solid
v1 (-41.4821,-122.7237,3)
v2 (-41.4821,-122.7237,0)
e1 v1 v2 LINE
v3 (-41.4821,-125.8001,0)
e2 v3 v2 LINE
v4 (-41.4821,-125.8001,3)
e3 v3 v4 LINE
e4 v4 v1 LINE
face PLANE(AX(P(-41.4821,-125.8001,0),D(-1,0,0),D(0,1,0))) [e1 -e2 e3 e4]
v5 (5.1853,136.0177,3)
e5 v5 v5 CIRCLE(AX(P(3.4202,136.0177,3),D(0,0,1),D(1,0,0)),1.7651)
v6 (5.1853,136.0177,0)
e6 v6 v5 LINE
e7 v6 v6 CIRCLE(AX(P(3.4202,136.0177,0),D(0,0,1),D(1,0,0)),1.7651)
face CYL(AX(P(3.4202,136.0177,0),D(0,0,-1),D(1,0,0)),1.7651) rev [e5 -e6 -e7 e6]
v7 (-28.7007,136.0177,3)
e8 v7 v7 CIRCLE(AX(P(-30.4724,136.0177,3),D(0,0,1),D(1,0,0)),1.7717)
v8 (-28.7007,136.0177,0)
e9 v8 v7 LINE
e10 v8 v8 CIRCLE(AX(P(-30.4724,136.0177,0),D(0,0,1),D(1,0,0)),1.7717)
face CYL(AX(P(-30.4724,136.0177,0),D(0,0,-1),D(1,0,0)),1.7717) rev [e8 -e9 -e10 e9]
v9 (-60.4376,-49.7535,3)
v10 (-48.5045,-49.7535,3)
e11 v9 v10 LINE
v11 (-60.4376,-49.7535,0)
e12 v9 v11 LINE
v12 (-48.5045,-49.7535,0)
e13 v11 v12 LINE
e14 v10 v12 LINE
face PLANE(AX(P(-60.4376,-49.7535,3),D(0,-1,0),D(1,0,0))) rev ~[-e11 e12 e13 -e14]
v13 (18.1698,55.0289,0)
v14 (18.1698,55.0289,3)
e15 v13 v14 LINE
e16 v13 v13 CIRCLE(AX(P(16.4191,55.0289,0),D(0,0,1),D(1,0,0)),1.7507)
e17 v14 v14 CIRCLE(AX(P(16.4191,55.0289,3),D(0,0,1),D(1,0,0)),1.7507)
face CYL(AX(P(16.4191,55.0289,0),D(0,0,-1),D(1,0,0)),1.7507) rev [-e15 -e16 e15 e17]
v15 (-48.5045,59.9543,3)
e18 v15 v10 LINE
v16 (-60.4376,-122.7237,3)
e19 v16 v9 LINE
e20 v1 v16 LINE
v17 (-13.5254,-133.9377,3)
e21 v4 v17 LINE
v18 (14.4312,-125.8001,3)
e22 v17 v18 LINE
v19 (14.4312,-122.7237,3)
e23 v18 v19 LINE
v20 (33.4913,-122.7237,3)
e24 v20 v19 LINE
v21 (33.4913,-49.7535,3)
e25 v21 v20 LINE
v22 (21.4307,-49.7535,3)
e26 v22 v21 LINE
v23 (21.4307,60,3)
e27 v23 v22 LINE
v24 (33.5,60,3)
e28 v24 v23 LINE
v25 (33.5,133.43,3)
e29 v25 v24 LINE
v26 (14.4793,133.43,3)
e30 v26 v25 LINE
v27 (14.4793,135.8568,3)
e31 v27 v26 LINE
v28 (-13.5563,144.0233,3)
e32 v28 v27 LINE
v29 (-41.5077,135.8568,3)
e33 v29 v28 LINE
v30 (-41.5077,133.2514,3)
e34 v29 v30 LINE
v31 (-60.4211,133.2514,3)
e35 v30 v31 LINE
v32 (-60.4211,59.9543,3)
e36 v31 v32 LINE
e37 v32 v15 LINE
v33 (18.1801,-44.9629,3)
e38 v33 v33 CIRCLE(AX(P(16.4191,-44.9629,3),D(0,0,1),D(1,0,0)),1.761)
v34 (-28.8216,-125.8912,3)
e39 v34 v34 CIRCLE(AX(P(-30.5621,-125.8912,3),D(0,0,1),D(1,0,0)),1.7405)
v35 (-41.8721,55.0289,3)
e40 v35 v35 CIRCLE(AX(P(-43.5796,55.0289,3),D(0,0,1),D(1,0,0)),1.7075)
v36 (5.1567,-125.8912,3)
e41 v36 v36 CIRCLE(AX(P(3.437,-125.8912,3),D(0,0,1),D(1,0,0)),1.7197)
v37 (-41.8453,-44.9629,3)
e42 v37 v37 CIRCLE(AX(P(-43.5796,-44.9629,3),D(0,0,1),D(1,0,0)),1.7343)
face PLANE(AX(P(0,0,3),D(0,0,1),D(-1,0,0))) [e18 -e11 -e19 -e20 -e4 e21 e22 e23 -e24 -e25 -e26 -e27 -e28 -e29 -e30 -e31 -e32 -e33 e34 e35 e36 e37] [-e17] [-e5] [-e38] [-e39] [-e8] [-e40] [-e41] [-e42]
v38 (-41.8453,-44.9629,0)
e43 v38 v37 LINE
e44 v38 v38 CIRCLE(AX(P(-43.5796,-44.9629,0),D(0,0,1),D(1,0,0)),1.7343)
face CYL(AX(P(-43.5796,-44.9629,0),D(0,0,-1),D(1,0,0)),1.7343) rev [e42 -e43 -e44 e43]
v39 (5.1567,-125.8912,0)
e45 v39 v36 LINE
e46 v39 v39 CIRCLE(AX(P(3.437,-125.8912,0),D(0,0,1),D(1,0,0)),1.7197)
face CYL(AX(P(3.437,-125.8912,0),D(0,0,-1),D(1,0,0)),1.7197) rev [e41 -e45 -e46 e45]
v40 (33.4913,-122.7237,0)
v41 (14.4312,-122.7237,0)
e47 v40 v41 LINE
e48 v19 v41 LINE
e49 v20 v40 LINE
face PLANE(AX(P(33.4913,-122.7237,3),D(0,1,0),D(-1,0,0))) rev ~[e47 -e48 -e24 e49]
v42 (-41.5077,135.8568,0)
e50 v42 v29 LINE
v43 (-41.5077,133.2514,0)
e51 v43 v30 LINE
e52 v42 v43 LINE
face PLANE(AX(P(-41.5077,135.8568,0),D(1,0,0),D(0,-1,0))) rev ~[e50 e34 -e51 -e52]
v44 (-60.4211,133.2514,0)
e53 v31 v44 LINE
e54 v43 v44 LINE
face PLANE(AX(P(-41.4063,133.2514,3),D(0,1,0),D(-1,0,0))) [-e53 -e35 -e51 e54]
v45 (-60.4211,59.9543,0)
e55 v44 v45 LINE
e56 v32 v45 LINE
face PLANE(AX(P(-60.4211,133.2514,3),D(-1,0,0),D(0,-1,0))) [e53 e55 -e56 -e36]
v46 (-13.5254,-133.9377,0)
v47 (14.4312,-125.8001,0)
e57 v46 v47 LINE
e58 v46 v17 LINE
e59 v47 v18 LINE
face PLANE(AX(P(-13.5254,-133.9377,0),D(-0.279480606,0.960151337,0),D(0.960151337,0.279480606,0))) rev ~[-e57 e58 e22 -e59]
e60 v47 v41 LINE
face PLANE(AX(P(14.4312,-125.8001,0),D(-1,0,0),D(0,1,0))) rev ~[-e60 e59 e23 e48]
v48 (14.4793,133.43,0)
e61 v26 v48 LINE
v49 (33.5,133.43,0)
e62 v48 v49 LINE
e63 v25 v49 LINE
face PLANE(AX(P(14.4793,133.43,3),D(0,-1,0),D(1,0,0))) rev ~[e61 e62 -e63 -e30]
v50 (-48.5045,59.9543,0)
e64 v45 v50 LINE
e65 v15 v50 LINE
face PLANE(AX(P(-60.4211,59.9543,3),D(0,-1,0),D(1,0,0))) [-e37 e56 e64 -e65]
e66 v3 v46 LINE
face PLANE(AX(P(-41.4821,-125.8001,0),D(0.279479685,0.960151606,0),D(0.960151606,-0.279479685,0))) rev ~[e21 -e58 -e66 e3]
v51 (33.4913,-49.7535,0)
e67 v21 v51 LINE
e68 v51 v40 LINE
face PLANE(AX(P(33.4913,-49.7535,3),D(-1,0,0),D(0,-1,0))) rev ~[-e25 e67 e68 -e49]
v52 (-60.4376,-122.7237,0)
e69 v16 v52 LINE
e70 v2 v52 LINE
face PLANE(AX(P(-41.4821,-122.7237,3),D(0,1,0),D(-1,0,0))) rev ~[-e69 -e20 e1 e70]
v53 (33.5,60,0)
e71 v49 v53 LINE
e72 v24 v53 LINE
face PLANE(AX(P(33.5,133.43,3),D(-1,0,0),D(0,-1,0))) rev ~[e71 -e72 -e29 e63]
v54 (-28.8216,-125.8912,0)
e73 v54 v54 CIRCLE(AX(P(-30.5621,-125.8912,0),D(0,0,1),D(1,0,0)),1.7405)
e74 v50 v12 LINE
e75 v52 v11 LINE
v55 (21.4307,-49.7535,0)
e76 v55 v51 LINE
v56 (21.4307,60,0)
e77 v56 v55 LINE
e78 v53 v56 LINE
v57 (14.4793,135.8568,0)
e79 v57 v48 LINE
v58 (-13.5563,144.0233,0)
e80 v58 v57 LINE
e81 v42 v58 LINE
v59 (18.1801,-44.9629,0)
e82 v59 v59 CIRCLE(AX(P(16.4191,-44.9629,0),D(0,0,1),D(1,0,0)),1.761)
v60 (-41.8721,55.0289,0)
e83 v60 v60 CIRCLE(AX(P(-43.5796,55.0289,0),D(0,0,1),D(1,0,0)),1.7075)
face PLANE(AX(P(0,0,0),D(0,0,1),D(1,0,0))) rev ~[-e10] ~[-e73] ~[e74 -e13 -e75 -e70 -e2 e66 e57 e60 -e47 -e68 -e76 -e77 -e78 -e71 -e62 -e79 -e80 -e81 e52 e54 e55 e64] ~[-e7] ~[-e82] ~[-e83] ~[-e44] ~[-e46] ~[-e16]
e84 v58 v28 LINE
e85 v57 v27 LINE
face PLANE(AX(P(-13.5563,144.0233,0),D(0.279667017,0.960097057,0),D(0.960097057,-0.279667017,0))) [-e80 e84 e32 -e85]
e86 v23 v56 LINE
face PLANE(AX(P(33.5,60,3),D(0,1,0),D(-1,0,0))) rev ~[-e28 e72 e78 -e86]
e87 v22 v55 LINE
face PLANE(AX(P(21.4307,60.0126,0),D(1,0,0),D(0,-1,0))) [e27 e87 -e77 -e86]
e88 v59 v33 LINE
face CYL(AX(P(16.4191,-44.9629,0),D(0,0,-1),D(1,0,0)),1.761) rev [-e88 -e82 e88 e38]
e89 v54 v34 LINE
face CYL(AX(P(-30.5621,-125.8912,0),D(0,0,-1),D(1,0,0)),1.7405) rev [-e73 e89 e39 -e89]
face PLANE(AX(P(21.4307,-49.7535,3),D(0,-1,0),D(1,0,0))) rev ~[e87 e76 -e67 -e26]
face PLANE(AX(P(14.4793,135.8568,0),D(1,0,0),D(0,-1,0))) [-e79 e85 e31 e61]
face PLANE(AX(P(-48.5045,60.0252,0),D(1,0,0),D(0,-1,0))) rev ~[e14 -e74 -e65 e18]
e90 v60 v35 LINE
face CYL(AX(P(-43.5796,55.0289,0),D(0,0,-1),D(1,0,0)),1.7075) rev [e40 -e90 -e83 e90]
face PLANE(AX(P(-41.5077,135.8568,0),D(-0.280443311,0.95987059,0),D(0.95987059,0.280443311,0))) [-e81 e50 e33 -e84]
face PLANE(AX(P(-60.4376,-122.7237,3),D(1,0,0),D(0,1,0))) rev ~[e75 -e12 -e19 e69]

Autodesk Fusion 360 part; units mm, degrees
sketch "Skizze1" plane through (0, 0, 0) normal (0, 0, 1) x (1, 0, 0)
  line L0 (-48.5045, 60.0252) -> (-48.5045, -50)
  line L1 (21.4307, 60.0126) -> (21.4307, -50)
  line L2 (-41.5077, 135.8568) -> (-13.5563, 144.0233)
  line L3 (-13.5563, 144.0233) -> (14.4793, 135.8568)
  line L4 (-41.4821, -125.8001) -> (-13.5254, -133.9377)
  line L5 (-13.5254, -133.9377) -> (14.4312, -125.8001)
  line L6 (14.4312, -125.8001) -> (14.4312, -57)
  line L7 (-41.4821, -125.8001) -> (-41.4821, -57)
  line L8 (-41.5077, 135.8568) -> (-41.5077, 66.6867)
  line L9 (14.4793, 135.8568) -> (14.4793, 66.6867)
  circle A0 centre (3.4202, 136.0177) radius 1.7651
  circle A1 centre (-30.4724, 136.0177) radius 1.7717
  circle A2 centre (-30.5621, -125.8912) radius 1.7405
  circle A3 centre (3.437, -125.8912) radius 1.7197
  circle A4 centre (-43.5796, -44.9629) radius 1.7343
  circle A5 centre (16.4191, -44.9629) radius 1.761
  circle A6 centre (-43.5796, 55.0289) radius 1.7075
  circle A7 centre (16.4191, 55.0289) radius 1.7507
  line L10 (21.4307, 60.0126) -> (21.4793, 60.0126)
  line L11 (14.4793, 67.0126) -> (14.4793, 66.6867)
  line L12 (-41.5077, 66.6867) -> (-41.5077, 67.0252)
  line L13 (-48.5077, 60.0252) -> (-48.5045, 60.0252)
  line L14 (-48.5045, -50) -> (-48.4821, -50)
  line L15 (21.4312, -50) -> (21.4307, -50)
  arc A8 (21.4312, -50) -> (14.4312, -57) centre (21.4312, -57) ccw
  arc A9 (-41.4821, -57) -> (-48.4821, -50) centre (-48.4821, -57) ccw
  arc A10 (-48.5077, 60.0252) -> (-41.5077, 67.0252) centre (-48.5077, 67.0252) ccw
  arc A11 (14.4793, 67.0126) -> (21.4793, 60.0126) centre (21.4793, 67.0126) ccw
  dimension "d1" = 7
  dimension "d2" = 7
  dimension "d3" = 7
  dimension "d4" = 7
extrude "Extrusion1" add sketch "Skizze1" along normal blind 3
sketch "Skizze2" plane through (0, 0, 3) normal (0, 0, 1) x (-1, 0, 0)
  circle A0 centre (43.5796, 44.9629) radius 1.7343
  circle A1 centre (30.5621, 125.8912) radius 1.7405
  circle A2 centre (-16.4191, -55.0289) radius 1.7507
  circle A3 centre (-16.4191, 44.9629) radius 1.761
  circle A4 centre (30.4724, -136.0177) radius 1.7717
  circle A5 centre (-3.437, 125.8912) radius 1.7197
  circle A6 centre (-3.4202, -136.0177) radius 1.7651
  circle A7 centre (43.5796, -55.0289) radius 1.7075
  line L0 (41.5077, -135.8568) -> (41.5077, -67.0252)
  arc A8 (48.5045, -60.0252) -> (41.5077, -67.0252) centre (48.5077, -67.0252) ccw
  line L1 (48.5045, -60.0252) -> (48.5045, 50)
  line L2 (48.5045, 50) -> (48.4821, 50)
  arc A9 (41.4821, 57) -> (48.4821, 50) centre (48.4821, 57) ccw
  line L3 (41.4821, 57) -> (41.4821, 125.8001)
  line L4 (41.4821, 125.8001) -> (13.5254, 133.9377)
  line L5 (13.5254, 133.9377) -> (-14.4312, 125.8001)
  line L6 (-14.4312, 125.8001) -> (-14.4312, 57)
  arc A10 (-21.4307, 50) -> (-14.4312, 57) centre (-21.4312, 57) ccw
  line L7 (-21.4307, 50) -> (-21.4307, -60.0126)
  line L8 (-21.4307, -60.0126) -> (-21.4793, -60.0126)
  arc A11 (-14.4793, -67.0126) -> (-21.4793, -60.0126) centre (-21.4793, -67.0126) ccw
  line L9 (-14.4793, -67.0126) -> (-14.4793, -135.8568)
  line L10 (-14.4793, -135.8568) -> (13.5563, -144.0233)
  line L11 (13.5563, -144.0233) -> (41.5077, -135.8568)
  line L12 (60.3895, -133.2143) -> (41.496, -133.2143)
  line L13 (41.496, -133.2143) -> (41.496, -60.1458)
  line L14 (60.3895, -60.1458) -> (60.3895, -133.2143)
  line L15 (-14.4793, -133.43) -> (-33.5, -133.43)
  line L16 (-33.5, -133.43) -> (-33.5, -60)
  line L17 (-33.5, -60) -> (-14.4793, -60)
  line L18 (-14.4793, -60) -> (-14.4793, -133.43)
  line L19 (60.4376, 49.7535) -> (40.5505, 49.7535)
  line L20 (40.5505, 49.7535) -> (40.5505, 122.7237)
  line L21 (40.5505, 122.7237) -> (60.4376, 122.7237)
  line L22 (60.4376, 122.7237) -> (60.4376, 49.7535)
  line L23 (-12.9102, 49.7535) -> (-33.4913, 49.7535)
  line L24 (-33.4913, 49.7535) -> (-33.4913, 122.7237)
  line L25 (-33.4913, 122.7237) -> (-12.9102, 122.7237)
  line L26 (-12.9102, 122.7237) -> (-12.9102, 49.7535)
sketch "Skizze3" plane through (0, 0, 3) normal (0, 0, 1) x (-1, 0, 0)
  line L0 (60.4211, -59.9543) -> (41.4063, -59.9543)
  line L1 (41.4063, -59.9543) -> (41.4063, -133.2514)
  line L2 (41.4063, -133.2514) -> (60.4211, -133.2514)
  line L3 (60.4211, -133.2514) -> (60.4211, -59.9543)
extrude "Extrusion2" add sketch "Skizze3" sketch "Skizze2" against normal blind 3 of sketch 2 contours L7 A11 L9 L15 L16 L17 L18 | L1 L2 A9 L3 L19 L21 L22 | L6 A10 L7 L23 L24 L25
